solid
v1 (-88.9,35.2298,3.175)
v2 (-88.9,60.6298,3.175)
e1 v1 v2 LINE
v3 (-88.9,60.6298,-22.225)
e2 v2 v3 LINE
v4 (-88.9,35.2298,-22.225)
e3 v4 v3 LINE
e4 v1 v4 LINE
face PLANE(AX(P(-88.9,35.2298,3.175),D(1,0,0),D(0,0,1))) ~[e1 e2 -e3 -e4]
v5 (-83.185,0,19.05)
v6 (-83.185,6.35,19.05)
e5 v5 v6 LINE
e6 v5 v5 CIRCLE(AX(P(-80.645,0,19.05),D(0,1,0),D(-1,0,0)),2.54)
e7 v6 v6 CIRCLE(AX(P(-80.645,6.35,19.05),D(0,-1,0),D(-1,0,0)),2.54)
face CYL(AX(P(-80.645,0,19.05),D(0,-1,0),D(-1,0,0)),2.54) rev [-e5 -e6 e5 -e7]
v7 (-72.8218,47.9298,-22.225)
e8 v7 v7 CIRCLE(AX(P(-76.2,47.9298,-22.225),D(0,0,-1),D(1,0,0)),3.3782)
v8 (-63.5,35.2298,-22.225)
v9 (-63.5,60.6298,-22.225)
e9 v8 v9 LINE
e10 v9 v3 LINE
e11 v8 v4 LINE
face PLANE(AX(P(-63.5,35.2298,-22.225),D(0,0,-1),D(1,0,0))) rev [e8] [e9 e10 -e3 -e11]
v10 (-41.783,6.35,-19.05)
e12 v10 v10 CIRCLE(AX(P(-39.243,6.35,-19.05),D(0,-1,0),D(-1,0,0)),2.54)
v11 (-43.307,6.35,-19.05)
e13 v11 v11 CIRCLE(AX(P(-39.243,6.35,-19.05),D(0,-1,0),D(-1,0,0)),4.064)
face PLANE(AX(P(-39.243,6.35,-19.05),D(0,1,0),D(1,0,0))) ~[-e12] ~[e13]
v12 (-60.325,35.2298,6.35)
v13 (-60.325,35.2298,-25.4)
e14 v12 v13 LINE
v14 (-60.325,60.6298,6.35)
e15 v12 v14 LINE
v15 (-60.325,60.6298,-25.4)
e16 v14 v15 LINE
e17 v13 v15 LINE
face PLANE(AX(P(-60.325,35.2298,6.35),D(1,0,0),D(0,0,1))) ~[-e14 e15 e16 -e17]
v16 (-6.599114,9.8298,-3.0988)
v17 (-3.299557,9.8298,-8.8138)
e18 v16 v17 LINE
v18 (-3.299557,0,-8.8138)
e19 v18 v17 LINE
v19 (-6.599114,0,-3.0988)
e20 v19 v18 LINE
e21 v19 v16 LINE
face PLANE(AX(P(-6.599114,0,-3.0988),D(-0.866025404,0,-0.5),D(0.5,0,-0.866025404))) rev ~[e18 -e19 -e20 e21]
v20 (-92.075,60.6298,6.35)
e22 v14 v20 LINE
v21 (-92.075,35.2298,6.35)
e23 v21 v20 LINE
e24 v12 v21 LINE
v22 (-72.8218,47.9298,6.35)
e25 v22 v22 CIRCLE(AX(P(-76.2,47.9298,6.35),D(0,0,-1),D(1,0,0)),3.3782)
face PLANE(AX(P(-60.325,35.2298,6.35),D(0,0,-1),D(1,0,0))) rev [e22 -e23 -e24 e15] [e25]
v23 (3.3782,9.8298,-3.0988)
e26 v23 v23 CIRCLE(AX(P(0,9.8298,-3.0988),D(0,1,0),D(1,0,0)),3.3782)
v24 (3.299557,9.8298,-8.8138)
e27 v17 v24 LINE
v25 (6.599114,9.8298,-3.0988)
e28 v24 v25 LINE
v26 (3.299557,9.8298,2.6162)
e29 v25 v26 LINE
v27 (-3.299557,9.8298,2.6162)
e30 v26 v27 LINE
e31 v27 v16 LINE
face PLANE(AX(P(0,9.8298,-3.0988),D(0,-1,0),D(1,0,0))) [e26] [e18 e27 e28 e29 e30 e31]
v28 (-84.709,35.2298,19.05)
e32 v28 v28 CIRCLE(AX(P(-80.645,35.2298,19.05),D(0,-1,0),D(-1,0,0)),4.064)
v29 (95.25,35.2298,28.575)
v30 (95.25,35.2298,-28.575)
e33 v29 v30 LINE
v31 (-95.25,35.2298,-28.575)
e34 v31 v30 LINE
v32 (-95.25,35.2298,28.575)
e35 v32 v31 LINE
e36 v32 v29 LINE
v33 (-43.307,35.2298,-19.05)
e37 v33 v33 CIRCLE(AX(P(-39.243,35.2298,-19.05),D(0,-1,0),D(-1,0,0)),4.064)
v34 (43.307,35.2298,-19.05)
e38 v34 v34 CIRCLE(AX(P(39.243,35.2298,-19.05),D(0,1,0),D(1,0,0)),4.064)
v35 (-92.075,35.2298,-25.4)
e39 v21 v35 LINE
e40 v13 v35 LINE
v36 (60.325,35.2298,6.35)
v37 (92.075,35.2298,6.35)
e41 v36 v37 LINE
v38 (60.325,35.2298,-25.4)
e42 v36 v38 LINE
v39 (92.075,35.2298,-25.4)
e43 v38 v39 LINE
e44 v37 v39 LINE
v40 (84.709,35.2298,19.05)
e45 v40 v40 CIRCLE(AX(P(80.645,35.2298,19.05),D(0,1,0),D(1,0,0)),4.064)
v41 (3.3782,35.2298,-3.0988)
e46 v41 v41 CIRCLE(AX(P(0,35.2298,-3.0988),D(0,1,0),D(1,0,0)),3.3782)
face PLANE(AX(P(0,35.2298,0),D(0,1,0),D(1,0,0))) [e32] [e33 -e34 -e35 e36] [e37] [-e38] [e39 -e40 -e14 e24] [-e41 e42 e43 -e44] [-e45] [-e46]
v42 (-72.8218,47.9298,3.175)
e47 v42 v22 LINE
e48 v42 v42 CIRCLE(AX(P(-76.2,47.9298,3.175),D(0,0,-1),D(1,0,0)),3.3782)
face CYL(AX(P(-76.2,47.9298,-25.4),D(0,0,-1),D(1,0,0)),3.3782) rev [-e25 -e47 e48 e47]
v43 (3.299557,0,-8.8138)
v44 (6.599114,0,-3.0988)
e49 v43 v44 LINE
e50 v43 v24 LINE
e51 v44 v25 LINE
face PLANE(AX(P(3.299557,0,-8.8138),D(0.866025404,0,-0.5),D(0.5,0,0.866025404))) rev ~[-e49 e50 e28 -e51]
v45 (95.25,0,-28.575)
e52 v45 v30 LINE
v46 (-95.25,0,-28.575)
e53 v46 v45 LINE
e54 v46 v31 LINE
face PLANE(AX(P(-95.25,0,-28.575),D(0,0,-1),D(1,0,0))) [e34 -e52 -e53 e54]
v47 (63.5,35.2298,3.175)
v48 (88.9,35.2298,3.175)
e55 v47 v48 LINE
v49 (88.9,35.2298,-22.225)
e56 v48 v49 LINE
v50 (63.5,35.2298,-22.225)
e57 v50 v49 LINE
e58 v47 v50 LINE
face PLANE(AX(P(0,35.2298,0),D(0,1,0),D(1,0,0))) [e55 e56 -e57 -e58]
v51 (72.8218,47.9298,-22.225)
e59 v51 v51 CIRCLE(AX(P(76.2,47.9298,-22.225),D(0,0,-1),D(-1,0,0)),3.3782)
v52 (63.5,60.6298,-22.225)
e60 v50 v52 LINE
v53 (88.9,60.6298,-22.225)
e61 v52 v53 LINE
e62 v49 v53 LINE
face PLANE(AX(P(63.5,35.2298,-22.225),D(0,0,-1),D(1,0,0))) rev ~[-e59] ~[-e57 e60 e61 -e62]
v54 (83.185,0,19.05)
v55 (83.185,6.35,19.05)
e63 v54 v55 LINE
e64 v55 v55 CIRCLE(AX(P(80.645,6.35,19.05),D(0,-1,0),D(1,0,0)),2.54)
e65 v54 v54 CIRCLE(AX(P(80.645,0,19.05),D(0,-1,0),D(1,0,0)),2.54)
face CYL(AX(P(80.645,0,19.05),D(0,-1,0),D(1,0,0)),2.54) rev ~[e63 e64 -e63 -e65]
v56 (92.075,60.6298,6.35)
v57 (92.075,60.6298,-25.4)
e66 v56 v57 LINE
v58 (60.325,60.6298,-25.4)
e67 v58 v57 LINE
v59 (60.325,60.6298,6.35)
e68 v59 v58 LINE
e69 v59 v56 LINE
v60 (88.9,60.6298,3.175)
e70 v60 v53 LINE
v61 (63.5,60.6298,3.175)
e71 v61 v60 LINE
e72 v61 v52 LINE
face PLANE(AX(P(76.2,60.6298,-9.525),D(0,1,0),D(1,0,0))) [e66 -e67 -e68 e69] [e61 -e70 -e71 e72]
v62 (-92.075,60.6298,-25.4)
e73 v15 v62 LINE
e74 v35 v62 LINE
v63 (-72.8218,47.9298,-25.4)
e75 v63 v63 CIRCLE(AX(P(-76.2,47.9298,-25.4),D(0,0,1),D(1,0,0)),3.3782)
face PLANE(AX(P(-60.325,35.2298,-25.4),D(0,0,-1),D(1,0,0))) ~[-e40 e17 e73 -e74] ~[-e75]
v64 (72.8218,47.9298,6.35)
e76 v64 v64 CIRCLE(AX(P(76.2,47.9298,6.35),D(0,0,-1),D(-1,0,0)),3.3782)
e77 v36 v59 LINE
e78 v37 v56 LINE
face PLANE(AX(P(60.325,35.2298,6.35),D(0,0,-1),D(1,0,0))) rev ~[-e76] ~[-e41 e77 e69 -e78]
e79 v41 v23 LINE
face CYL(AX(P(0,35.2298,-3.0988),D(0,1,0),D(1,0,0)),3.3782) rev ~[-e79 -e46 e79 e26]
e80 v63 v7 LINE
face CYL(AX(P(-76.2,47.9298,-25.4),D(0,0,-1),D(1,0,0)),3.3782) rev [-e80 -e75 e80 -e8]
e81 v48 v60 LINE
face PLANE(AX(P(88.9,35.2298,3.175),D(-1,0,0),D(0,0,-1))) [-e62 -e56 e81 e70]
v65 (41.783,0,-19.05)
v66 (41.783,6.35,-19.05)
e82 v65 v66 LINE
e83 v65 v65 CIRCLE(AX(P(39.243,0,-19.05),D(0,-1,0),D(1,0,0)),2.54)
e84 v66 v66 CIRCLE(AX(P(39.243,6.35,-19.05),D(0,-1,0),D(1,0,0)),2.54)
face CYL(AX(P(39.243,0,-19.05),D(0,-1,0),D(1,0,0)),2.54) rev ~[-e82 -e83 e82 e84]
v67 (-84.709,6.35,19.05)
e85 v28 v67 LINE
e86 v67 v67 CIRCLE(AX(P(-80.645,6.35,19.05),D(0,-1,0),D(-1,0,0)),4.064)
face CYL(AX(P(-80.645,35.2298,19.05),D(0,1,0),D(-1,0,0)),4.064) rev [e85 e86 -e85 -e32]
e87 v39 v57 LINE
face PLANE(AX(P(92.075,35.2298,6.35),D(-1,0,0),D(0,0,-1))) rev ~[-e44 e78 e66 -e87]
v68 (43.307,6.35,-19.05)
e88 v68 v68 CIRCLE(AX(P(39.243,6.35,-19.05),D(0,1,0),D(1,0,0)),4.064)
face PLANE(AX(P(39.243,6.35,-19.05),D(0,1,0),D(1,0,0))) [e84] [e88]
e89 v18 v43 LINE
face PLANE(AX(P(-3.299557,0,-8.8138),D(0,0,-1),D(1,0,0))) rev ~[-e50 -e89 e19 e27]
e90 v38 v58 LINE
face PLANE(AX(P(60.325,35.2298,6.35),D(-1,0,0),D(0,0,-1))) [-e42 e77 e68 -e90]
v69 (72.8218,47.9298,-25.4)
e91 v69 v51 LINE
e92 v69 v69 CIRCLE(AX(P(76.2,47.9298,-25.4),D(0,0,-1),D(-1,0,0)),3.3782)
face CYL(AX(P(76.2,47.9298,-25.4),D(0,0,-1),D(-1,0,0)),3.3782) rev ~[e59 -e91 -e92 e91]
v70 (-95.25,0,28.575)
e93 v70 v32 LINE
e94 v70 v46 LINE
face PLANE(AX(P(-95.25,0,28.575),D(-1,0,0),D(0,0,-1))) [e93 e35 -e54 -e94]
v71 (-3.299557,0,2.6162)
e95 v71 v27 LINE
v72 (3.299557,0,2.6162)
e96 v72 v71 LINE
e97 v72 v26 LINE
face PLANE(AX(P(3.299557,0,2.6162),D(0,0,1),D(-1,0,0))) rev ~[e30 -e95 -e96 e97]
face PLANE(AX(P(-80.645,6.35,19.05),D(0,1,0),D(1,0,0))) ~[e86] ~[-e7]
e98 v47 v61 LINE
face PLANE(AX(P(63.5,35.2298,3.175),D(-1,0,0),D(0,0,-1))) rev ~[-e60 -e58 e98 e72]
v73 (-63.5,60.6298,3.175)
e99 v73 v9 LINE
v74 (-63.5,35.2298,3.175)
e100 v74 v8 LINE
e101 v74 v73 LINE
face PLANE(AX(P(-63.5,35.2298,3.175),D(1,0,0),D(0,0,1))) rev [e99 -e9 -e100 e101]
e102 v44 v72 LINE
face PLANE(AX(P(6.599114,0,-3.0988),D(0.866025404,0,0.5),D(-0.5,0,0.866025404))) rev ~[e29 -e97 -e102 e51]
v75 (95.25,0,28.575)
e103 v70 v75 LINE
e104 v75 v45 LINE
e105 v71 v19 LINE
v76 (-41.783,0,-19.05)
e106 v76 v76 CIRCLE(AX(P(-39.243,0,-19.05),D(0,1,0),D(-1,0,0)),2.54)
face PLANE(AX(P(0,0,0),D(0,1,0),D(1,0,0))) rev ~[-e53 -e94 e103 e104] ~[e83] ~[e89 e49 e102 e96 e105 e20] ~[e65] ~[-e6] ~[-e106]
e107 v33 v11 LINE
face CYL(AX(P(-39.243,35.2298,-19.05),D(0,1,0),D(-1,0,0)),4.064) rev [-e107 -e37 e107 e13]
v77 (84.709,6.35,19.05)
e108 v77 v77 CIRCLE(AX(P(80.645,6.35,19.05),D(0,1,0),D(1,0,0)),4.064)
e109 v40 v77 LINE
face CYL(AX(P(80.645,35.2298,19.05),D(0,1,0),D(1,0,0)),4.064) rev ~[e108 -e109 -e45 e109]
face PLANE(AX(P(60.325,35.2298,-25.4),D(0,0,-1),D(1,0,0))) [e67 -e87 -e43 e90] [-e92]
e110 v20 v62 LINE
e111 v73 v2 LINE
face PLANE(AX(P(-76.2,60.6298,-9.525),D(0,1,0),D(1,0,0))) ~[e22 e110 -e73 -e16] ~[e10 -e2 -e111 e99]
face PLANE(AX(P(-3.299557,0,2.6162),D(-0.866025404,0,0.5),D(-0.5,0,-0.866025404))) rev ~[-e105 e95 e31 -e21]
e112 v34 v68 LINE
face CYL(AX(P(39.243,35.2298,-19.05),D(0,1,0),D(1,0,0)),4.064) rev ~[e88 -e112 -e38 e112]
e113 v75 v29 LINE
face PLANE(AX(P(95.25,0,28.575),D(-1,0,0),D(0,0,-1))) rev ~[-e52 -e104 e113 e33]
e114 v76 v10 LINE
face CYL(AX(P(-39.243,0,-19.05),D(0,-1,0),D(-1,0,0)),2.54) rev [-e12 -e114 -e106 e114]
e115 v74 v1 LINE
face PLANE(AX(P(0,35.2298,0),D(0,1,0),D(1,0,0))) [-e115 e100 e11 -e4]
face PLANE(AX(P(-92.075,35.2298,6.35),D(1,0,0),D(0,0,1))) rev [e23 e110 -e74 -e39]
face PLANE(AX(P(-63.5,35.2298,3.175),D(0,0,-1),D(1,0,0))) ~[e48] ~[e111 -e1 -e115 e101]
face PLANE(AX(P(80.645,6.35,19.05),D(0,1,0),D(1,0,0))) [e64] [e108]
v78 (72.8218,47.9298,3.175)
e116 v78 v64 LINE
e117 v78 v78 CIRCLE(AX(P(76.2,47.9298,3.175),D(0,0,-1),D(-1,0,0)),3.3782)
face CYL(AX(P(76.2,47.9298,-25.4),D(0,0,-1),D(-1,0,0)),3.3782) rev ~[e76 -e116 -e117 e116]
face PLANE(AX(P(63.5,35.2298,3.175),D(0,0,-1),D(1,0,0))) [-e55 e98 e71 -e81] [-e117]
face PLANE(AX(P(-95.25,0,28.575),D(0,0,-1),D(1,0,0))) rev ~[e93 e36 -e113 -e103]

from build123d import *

# Parameters (mm, degrees)
SKETCH1_W           = 190.5
SKETCH1_H           = 57.15
BOSS_EXTRUDE1_DEPTH = 35.2298
SKETCH2_R           = 3.3782
CUT_EXTRUDE1_DEPTH  = 35.2298
SKETCH3_W           = 31.75
SKETCH3_H           = 31.75
SKETCH3_W_2         = 25.4
SKETCH3_H_2         = 25.4
BOSS_EXTRUDE2_DEPTH = 25.4
SKETCH4_R           = 3.3782
CUT_EXTRUDE2_DEPTH  = 54.975
SKETCH5_R           = 2.54
CUT_EXTRUDE3_DEPTH  = 35.2298
SKETCH6_R           = 4.064
CUT_EXTRUDE4_DEPTH  = 28.8798
CUT_EXTRUDE5_DEPTH  = 9.8298


with BuildPart() as part:
    # Sketch1 → Boss-Extrude1 (new body)
    with BuildSketch(Plane(origin=(0, 0, 0), x_dir=(1, 0, 0), z_dir=(0, 1, 0))):
        Rectangle(SKETCH1_W, SKETCH1_H)
    extrude(amount=BOSS_EXTRUDE1_DEPTH)

    # Sketch2 → Cut-Extrude1 (cut)
    with BuildSketch(Plane(origin=(0, 35.2298, 0), x_dir=(1, 0, 0), z_dir=(0, 1, 0))):
        with Locations((0, 3.0988)):
            Circle(SKETCH2_R)
    extrude(amount=-CUT_EXTRUDE1_DEPTH, mode=Mode.SUBTRACT)

    # Sketch3 → Boss-Extrude2 (add)
    with BuildSketch(Plane(origin=(0, 35.2298, 0), x_dir=(1, 0, 0), z_dir=(0, 1, 0))):
        with Locations((76.2, 9.525)):
            Rectangle(SKETCH3_W, SKETCH3_H)
        with Locations((76.2, 9.525)):
            Rectangle(SKETCH3_W_2, SKETCH3_H_2, mode=Mode.SUBTRACT)
    boss_extrude2 = extrude(amount=BOSS_EXTRUDE2_DEPTH)

    # Sketch4 → Cut-Extrude2 (cut, through all)
    with BuildSketch(Plane(origin=(0, 0, -25.4), x_dir=(-1, 0, 0), z_dir=(0, 0, -1))):
        with Locations((-76.2, 47.9298)):
            Circle(SKETCH4_R)
    cut_extrude2 = extrude(amount=-CUT_EXTRUDE2_DEPTH, mode=Mode.SUBTRACT)

    # Sketch5 → Cut-Extrude3 (cut)
    with BuildSketch(Plane.XZ):
        with Locations((80.645, 19.05)):
            Circle(SKETCH5_R)
        with Locations((39.243, -19.05)):
            Circle(SKETCH5_R)
    cut_extrude3 = extrude(amount=-CUT_EXTRUDE3_DEPTH, mode=Mode.SUBTRACT)

    # Sketch6 → Cut-Extrude4 (cut)
    with BuildSketch(Plane(origin=(0, 35.2298, 0), x_dir=(1, 0, 0), z_dir=(0, 1, 0))):
        with Locations((80.645, -19.05)):
            Circle(SKETCH6_R)
        with Locations((39.243, 19.05)):
            Circle(SKETCH6_R)
    cut_extrude4 = extrude(amount=-CUT_EXTRUDE4_DEPTH, mode=Mode.SUBTRACT)

    # Mirror1: Boss-Extrude2, Cut-Extrude2, Cut-Extrude3, Cut-Extrude4 across plane
    add(boss_extrude2.mirror(Plane(origin=(0, 0, 0), x_dir=(0, 0, 1), z_dir=(1, 0, 0))))
    add(cut_extrude2.mirror(Plane(origin=(0, 0, 0), x_dir=(0, 0, 1), z_dir=(1, 0, 0))), mode=Mode.SUBTRACT)
    add(cut_extrude3.mirror(Plane(origin=(0, 0, 0), x_dir=(0, 0, 1), z_dir=(1, 0, 0))), mode=Mode.SUBTRACT)
    add(cut_extrude4.mirror(Plane(origin=(0, 0, 0), x_dir=(0, 0, 1), z_dir=(1, 0, 0))), mode=Mode.SUBTRACT)

    # Sketch7 → Cut-Extrude5 (cut)
    with BuildSketch(Plane.XZ):
        Polygon((6.599113577, -3.0988), (3.299556788, 2.6162), (-3.299556788, 2.6162), (-6.599113577, -3.0988), (-3.299556788, -8.8138), (3.299556788, -8.8138), align=None)
    extrude(amount=-CUT_EXTRUDE5_DEPTH, mode=Mode.SUBTRACT)


solid = part.part
